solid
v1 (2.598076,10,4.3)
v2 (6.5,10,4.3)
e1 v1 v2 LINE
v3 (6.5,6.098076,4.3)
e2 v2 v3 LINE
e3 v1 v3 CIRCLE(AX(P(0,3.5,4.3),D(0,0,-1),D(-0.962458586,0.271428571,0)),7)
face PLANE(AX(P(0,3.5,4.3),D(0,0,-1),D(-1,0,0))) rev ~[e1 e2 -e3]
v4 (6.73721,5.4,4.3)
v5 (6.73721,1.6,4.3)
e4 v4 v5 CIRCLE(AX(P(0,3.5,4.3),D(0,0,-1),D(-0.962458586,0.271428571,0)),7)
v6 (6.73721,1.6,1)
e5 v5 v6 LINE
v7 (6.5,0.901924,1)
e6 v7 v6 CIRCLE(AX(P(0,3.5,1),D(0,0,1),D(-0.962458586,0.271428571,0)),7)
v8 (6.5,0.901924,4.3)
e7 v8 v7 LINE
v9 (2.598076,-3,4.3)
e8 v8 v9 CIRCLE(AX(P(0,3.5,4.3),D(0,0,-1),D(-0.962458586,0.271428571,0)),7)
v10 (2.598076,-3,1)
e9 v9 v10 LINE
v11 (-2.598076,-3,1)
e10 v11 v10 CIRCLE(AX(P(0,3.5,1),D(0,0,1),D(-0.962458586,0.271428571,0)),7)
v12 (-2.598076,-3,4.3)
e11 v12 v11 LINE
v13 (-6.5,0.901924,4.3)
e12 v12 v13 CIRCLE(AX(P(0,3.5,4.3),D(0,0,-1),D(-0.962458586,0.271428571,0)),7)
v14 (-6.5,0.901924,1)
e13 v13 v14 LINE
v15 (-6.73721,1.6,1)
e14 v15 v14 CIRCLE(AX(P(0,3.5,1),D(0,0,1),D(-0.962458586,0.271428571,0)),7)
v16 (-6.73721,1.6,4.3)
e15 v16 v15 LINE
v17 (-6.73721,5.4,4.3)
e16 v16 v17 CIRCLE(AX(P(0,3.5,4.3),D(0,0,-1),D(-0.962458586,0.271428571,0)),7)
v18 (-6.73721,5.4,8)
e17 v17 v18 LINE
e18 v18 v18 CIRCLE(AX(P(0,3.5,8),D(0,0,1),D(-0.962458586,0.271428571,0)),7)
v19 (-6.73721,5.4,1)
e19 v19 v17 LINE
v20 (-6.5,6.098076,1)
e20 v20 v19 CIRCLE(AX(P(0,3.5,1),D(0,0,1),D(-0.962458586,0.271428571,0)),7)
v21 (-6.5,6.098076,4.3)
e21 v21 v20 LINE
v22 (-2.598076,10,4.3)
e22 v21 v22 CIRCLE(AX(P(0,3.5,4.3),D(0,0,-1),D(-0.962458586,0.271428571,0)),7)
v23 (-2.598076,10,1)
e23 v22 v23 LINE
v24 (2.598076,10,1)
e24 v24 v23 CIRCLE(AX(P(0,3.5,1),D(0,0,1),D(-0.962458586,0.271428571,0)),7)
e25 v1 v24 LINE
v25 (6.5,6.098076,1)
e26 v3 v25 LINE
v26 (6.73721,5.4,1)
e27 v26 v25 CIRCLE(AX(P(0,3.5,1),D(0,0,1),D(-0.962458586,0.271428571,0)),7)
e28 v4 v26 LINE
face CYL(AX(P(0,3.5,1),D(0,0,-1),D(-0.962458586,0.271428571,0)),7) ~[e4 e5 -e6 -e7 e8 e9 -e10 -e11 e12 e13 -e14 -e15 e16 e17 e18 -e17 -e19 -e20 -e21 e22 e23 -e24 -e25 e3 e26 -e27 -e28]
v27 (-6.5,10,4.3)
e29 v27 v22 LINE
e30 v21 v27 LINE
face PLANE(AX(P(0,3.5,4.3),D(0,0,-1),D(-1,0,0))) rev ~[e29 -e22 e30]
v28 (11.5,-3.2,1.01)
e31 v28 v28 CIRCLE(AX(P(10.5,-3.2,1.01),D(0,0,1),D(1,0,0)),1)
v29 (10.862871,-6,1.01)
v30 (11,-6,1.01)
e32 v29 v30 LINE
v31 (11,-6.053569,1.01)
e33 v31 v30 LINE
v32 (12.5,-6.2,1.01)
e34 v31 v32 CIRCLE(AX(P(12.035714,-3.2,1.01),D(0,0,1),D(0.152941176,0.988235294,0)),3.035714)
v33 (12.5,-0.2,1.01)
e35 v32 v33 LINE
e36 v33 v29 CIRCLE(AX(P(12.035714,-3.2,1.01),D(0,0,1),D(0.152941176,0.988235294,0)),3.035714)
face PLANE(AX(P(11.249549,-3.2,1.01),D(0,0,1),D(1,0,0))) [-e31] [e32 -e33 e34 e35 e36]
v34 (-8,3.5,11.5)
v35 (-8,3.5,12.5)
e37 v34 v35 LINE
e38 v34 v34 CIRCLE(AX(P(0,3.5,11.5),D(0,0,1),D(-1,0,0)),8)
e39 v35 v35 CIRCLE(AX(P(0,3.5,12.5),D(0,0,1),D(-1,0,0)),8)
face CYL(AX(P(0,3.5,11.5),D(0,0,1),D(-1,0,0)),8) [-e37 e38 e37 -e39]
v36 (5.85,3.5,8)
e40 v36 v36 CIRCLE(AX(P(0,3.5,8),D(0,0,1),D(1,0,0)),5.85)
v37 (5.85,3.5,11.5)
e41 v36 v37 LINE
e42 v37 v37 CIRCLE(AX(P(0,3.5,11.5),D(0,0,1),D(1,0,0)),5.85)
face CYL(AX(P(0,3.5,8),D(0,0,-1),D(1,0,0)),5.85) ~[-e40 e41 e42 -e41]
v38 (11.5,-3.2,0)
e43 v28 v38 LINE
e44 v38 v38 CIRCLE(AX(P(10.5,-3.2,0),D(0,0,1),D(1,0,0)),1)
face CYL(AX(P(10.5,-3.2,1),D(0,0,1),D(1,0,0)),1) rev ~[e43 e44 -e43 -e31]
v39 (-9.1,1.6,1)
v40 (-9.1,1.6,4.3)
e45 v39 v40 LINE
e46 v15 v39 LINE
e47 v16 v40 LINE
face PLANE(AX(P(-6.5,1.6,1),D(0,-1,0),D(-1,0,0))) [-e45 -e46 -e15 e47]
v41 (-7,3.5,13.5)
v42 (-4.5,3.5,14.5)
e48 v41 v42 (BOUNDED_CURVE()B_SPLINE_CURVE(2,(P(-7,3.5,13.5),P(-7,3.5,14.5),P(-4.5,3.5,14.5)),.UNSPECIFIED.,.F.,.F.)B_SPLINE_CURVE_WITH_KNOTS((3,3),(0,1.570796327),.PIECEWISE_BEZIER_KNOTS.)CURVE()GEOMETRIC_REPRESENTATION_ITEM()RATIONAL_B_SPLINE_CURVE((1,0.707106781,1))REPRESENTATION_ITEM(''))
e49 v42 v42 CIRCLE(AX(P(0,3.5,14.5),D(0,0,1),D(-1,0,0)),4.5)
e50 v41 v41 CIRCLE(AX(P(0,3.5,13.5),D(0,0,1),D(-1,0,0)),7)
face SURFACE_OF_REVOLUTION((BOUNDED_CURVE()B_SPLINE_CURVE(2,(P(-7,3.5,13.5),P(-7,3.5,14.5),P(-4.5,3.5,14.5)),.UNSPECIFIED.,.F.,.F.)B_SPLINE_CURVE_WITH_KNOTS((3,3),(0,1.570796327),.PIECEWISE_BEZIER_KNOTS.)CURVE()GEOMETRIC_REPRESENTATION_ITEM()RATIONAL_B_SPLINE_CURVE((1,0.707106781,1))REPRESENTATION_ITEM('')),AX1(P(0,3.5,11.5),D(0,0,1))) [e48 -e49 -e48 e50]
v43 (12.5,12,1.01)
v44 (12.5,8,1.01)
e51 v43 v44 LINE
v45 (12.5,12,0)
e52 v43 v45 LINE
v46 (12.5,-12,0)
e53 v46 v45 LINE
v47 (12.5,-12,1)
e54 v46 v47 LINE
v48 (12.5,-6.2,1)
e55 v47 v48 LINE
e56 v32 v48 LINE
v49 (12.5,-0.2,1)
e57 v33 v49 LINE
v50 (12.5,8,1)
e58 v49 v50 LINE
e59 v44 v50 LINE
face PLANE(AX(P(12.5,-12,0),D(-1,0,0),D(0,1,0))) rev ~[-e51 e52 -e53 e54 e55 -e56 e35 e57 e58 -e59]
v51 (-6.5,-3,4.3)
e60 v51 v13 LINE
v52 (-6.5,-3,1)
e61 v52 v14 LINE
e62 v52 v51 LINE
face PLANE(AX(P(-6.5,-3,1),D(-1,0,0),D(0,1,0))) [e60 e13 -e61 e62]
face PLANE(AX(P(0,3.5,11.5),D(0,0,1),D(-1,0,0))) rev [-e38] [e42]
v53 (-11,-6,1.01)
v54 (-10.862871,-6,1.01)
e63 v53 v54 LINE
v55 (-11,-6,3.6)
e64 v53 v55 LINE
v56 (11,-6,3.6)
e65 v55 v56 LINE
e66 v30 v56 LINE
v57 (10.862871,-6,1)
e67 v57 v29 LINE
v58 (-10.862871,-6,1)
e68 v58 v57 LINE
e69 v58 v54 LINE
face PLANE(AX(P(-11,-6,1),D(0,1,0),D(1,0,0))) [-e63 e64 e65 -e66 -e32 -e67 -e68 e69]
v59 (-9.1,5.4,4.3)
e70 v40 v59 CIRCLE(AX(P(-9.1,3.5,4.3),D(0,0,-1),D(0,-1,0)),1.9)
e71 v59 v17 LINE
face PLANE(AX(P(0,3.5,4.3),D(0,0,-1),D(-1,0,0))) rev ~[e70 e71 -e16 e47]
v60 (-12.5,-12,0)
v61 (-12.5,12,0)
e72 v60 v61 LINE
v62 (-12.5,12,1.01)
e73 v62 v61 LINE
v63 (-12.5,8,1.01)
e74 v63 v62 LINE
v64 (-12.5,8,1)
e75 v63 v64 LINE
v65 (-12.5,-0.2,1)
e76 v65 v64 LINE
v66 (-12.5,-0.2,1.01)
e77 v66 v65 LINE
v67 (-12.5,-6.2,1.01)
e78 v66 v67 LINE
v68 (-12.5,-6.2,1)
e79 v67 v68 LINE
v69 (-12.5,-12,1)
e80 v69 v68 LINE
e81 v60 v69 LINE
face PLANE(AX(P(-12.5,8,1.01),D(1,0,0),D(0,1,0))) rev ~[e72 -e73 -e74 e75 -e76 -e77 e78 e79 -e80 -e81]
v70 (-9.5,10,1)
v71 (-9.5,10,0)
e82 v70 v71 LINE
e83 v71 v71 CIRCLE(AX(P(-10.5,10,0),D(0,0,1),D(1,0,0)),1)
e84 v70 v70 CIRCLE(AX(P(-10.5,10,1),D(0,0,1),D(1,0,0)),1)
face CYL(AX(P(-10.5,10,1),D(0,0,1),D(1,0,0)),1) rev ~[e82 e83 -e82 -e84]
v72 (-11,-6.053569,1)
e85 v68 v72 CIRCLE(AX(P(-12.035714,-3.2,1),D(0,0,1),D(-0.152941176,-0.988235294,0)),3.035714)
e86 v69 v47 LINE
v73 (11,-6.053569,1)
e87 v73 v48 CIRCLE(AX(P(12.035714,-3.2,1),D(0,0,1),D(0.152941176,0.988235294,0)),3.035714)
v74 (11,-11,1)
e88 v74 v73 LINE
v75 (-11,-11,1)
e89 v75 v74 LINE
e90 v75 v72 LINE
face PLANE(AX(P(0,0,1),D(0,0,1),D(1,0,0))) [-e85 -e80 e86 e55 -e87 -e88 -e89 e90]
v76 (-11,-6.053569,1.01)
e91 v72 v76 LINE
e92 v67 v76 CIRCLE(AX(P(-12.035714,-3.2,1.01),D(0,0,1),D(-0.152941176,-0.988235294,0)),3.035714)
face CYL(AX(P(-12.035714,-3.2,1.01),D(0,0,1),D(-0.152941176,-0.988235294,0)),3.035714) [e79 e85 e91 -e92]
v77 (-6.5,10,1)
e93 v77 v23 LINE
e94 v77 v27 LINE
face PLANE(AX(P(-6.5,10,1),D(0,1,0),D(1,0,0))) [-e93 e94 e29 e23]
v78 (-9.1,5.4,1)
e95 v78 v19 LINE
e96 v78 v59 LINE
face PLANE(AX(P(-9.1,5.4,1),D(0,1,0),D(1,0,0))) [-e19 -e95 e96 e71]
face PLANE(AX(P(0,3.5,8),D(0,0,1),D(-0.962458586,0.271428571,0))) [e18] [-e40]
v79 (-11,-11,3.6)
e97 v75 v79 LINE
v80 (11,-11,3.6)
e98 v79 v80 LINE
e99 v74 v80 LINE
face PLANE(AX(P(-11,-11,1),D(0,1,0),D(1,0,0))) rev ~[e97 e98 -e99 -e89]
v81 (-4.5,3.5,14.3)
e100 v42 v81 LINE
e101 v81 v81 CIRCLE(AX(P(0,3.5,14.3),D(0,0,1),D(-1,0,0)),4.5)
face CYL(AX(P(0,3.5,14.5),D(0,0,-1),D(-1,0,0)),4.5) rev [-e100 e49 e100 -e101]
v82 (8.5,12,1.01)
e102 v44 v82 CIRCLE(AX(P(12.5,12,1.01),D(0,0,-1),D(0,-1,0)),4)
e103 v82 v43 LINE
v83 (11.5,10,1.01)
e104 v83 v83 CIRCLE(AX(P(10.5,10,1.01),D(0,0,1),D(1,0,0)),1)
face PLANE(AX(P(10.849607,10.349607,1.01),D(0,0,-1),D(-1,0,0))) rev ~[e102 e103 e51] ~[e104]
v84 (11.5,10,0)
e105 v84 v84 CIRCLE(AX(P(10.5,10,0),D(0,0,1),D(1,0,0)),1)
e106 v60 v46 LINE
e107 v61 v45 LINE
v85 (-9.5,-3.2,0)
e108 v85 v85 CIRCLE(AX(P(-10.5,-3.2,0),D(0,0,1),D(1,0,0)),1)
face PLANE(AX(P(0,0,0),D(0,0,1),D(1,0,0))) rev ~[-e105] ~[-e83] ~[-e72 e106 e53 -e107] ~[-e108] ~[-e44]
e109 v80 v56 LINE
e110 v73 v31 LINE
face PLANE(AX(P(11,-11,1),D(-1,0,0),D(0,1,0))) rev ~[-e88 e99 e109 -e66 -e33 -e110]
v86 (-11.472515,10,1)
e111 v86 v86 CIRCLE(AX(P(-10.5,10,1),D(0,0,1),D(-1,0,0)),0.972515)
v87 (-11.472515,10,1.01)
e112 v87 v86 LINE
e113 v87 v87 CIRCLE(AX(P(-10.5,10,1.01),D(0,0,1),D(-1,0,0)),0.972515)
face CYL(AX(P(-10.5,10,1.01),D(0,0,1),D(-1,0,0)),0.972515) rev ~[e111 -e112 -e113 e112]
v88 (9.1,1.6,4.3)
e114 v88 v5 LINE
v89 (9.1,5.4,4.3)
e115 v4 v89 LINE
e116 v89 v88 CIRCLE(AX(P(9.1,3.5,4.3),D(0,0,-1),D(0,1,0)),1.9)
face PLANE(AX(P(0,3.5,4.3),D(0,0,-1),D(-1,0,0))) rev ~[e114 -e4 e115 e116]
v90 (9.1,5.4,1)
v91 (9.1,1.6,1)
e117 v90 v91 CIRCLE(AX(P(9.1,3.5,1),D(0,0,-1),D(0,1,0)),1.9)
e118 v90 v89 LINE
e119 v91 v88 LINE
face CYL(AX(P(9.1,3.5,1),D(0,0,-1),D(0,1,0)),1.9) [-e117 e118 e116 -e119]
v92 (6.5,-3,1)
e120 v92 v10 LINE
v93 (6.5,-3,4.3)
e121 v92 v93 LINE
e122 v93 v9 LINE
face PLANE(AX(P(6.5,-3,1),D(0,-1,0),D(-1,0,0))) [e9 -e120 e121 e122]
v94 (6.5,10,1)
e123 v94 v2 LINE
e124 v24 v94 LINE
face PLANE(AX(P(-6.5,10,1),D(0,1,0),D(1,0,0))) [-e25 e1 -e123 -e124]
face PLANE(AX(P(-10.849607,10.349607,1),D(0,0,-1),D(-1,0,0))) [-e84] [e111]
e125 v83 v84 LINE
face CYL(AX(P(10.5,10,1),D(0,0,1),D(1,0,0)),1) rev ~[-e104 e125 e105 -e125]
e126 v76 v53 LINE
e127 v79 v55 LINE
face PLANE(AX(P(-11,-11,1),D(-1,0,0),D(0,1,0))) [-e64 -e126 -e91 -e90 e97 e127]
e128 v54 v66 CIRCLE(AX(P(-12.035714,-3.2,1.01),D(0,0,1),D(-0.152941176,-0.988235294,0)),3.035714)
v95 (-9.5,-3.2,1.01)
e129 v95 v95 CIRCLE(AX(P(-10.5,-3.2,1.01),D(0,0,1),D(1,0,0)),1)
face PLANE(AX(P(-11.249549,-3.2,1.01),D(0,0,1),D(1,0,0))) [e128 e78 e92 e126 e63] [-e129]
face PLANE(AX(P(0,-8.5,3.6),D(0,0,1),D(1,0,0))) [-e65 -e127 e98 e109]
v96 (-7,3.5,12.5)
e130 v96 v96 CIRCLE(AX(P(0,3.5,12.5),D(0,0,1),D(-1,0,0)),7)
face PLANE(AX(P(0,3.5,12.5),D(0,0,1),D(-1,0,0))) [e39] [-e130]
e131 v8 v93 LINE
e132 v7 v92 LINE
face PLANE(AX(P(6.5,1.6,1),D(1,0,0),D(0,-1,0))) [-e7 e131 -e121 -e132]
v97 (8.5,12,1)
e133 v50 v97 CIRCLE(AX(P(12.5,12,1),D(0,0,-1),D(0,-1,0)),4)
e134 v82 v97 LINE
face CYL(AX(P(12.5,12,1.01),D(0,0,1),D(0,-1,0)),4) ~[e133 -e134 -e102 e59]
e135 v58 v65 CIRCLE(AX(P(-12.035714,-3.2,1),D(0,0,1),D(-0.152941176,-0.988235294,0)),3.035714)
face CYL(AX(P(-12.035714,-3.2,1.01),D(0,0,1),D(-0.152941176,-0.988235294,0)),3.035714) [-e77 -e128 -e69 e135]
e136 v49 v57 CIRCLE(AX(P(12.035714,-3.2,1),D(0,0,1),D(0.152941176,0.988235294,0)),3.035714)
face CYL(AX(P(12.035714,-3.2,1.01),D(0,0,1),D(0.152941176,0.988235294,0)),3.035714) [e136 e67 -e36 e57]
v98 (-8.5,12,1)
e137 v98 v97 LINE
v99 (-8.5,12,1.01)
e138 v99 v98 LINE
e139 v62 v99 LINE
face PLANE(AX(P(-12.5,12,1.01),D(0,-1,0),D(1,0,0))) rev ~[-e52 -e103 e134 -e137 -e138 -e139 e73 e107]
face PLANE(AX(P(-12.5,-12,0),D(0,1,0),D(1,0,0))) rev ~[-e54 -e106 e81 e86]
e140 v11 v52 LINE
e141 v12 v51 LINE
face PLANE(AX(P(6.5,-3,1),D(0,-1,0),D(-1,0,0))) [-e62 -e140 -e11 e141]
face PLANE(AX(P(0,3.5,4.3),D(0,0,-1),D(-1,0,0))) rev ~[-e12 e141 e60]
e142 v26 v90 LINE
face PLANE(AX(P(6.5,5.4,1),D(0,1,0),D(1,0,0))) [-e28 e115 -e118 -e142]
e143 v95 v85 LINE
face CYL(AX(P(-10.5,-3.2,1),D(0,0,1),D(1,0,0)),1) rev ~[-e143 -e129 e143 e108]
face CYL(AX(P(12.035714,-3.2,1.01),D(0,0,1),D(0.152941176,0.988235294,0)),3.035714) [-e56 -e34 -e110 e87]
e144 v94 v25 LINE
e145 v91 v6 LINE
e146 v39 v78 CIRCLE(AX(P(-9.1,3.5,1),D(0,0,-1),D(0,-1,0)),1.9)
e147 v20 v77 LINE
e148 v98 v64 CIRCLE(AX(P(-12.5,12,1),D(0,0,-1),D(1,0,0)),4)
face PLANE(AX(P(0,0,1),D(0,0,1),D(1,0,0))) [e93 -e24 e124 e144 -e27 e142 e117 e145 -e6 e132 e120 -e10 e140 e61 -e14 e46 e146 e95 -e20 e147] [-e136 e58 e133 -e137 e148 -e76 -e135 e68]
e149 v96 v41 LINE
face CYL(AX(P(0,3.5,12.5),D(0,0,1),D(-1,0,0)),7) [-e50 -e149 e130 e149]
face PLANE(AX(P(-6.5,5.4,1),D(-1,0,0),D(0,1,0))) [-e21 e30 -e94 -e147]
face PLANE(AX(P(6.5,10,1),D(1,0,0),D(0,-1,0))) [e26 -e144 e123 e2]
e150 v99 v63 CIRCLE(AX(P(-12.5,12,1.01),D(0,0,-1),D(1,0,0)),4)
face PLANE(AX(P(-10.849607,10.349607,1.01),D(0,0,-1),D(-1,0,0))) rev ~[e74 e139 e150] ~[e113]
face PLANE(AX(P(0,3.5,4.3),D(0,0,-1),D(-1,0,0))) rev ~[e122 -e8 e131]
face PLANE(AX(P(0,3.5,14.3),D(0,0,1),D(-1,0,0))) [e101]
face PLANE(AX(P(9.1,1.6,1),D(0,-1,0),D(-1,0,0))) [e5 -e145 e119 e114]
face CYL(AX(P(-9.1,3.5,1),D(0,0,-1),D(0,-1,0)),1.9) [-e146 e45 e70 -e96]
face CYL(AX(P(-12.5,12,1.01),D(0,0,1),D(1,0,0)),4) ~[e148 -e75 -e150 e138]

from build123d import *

# Parameters (mm, degrees)
CROQUIS1_W              = 25
CROQUIS1_H              = 24
SALIENTE_EXTRUIR1_DEPTH = 1
CROQUIS2_W              = 22
CROQUIS2_H              = 5
SALIENTE_EXTRUIR2_DEPTH = 2.6
SALIENTE_EXTRUIR3_DEPTH = 3.3
CROQUIS5_R              = 7
SALIENTE_EXTRUIR4_DEPTH = 7
CROQUIS6_R              = 5.85
SALIENTE_EXTRUIR5_DEPTH = 3.5
CROQUIS9_R              = 1
CORTAR_EXTRUIR1_DEPTH   = 1
SALIENTE_EXTRUIR6_START = 0.01
CROQUIS10_R             = 0.972515087
CROQUIS10_R_2           = 1
SALIENTE_EXTRUIR6_DEPTH = 0.01


with BuildPart() as part:
    # Croquis1 → Saliente-Extruir1 (new body)
    with BuildSketch(Plane.XY):
        Rectangle(CROQUIS1_W, CROQUIS1_H)
    extrude(amount=SALIENTE_EXTRUIR1_DEPTH)

    # Croquis2 → Saliente-Extruir2 (add)
    with BuildSketch(Plane.XY.offset(1)):
        with Locations((0, -8.5)):
            Rectangle(CROQUIS2_W, CROQUIS2_H)
    extrude(amount=SALIENTE_EXTRUIR2_DEPTH)

    # Croquis3 → Saliente-Extruir3 (add)
    with BuildSketch(Plane.XY.offset(1)):
        with BuildLine():
            Line((-9.1, 5.4), (-6.5, 5.4))
            Line((-6.5, 5.4), (-6.5, 10))
            Line((-6.5, 10), (6.5, 10))
            Line((6.5, 10), (6.5, 5.4))
            Line((6.5, 5.4), (9.1, 5.4))
            ThreePointArc((9.1, 5.4), (11, 3.5), (9.1, 1.6))
            Line((9.1, 1.6), (6.5, 1.6))
            Line((6.5, 1.6), (6.5, -3))
            Line((6.5, -3), (-6.5, -3))
            Line((-6.5, -3), (-6.5, 1.6))
            Line((-6.5, 1.6), (-9.1, 1.6))
            ThreePointArc((-9.1, 1.6), (-11, 3.5), (-9.1, 5.4))
        make_face()
    extrude(amount=SALIENTE_EXTRUIR3_DEPTH)

    # Croquis5 → Saliente-Extruir4 (add)
    with BuildSketch(Plane.XY.offset(1)):
        with Locations(Location((0, 3.5, 0), (0, 0, 164.250707132))):
            Circle(CROQUIS5_R)
    extrude(amount=SALIENTE_EXTRUIR4_DEPTH)

    # Croquis6 → Saliente-Extruir5 (add)
    with BuildSketch(Plane.XY.offset(8)):
        with Locations((0, 3.5)):
            Circle(CROQUIS6_R)
    extrude(amount=SALIENTE_EXTRUIR5_DEPTH)

    # Croquis8 → Revolución1 (revolve)
    with BuildSketch(Plane(origin=(0, 3.5, 0), x_dir=(-1, 0, 0), z_dir=(0, -1, 0)), mode=Mode.PRIVATE) as revoluci_n1_sk:
        with BuildLine():
            Line((0, -11.5), (-8, -11.5))
            Line((-8, -11.5), (-8, -12.5))
            Line((-8, -12.5), (-7, -12.5))
            Line((-7, -12.5), (-7, -13.5))
            add(Edge.make_bspline(
                [(-7, -13.5), (-7, -14.5), (-4.5, -14.5)],
                knots=[0, 0, 0, 1.570796327, 1.570796327, 1.570796327], degree=2, weights=[1, 0.707106781, 1]))
            Line((-4.5, -14.5), (-4.5, -14.3))
            Line((-4.5, -14.3), (0, -14.3))
            Line((0, -14.3), (0, -11.5))
        make_face()
    revolve(revoluci_n1_sk.sketch.rotate(Axis((0, 3.5, 11.5), (0, 0, 1)), 180), axis=Axis((0, 3.5, 11.5), (0, 0, 1)))

    # Croquis9 → Cortar-Extruir1 (cut)
    with BuildSketch(Plane.XY.offset(1)):
        with Locations((-10.5, 10)):
            Circle(CROQUIS9_R)
        with Locations((-10.5, -3.2)):
            Circle(CROQUIS9_R)
        with Locations((10.5, -3.2)):
            Circle(CROQUIS9_R)
        with Locations((10.5, 10)):
            Circle(CROQUIS9_R)
    extrude(amount=-CORTAR_EXTRUIR1_DEPTH, mode=Mode.SUBTRACT)

    # Croquis10 → Saliente-Extruir6 (add)
    # profile 1 of 4: a face of its own
    with BuildSketch(Plane.XY.offset(1).offset(SALIENTE_EXTRUIR6_START)):
        with BuildLine():
            Line((-12.5, 8), (-12.5, 12))
            Line((-12.5, 12), (-8.5, 12))
            ThreePointArc((-8.5, 12), (-9.671572875, 9.171572875), (-12.5, 8))
        make_face()
        with Locations(Location((-10.5, 10, 0), (0, 0, 180))):
            Circle(CROQUIS10_R, mode=Mode.SUBTRACT)
    # profile 2 of 4: a face of its own
    with BuildSketch(Plane.XY.offset(1).offset(SALIENTE_EXTRUIR6_START)):
        with BuildLine():
            Line((-12.5, -0.2), (-12.5, -6.2))
            ThreePointArc((-12.5, -6.2), (-9, -3.2), (-12.5, -0.2))
        make_face()
        with Locations((-10.5, -3.2)):
            Circle(CROQUIS10_R_2, mode=Mode.SUBTRACT)
    # profile 3 of 4: a face of its own
    with BuildSketch(Plane.XY.offset(1).offset(SALIENTE_EXTRUIR6_START)):
        with BuildLine():
            Line((8.5, 12), (12.5, 12))
            Line((12.5, 12), (12.5, 8))
            ThreePointArc((12.5, 8), (9.671572875, 9.171572875), (8.5, 12))
        make_face()
        with Locations((10.5, 10)):
            Circle(CROQUIS10_R_2, mode=Mode.SUBTRACT)
    # profile 4 of 4: a face of its own
    with BuildSketch(Plane.XY.offset(1).offset(SALIENTE_EXTRUIR6_START)):
        with BuildLine():
            Line((12.5, -6.2), (12.5, -0.2))
            ThreePointArc((12.5, -0.2), (9, -3.2), (12.5, -6.2))
        make_face()
        with Locations((10.5, -3.2)):
            Circle(CROQUIS10_R_2, mode=Mode.SUBTRACT)
    extrude(amount=-SALIENTE_EXTRUIR6_DEPTH)


solid = part.part
